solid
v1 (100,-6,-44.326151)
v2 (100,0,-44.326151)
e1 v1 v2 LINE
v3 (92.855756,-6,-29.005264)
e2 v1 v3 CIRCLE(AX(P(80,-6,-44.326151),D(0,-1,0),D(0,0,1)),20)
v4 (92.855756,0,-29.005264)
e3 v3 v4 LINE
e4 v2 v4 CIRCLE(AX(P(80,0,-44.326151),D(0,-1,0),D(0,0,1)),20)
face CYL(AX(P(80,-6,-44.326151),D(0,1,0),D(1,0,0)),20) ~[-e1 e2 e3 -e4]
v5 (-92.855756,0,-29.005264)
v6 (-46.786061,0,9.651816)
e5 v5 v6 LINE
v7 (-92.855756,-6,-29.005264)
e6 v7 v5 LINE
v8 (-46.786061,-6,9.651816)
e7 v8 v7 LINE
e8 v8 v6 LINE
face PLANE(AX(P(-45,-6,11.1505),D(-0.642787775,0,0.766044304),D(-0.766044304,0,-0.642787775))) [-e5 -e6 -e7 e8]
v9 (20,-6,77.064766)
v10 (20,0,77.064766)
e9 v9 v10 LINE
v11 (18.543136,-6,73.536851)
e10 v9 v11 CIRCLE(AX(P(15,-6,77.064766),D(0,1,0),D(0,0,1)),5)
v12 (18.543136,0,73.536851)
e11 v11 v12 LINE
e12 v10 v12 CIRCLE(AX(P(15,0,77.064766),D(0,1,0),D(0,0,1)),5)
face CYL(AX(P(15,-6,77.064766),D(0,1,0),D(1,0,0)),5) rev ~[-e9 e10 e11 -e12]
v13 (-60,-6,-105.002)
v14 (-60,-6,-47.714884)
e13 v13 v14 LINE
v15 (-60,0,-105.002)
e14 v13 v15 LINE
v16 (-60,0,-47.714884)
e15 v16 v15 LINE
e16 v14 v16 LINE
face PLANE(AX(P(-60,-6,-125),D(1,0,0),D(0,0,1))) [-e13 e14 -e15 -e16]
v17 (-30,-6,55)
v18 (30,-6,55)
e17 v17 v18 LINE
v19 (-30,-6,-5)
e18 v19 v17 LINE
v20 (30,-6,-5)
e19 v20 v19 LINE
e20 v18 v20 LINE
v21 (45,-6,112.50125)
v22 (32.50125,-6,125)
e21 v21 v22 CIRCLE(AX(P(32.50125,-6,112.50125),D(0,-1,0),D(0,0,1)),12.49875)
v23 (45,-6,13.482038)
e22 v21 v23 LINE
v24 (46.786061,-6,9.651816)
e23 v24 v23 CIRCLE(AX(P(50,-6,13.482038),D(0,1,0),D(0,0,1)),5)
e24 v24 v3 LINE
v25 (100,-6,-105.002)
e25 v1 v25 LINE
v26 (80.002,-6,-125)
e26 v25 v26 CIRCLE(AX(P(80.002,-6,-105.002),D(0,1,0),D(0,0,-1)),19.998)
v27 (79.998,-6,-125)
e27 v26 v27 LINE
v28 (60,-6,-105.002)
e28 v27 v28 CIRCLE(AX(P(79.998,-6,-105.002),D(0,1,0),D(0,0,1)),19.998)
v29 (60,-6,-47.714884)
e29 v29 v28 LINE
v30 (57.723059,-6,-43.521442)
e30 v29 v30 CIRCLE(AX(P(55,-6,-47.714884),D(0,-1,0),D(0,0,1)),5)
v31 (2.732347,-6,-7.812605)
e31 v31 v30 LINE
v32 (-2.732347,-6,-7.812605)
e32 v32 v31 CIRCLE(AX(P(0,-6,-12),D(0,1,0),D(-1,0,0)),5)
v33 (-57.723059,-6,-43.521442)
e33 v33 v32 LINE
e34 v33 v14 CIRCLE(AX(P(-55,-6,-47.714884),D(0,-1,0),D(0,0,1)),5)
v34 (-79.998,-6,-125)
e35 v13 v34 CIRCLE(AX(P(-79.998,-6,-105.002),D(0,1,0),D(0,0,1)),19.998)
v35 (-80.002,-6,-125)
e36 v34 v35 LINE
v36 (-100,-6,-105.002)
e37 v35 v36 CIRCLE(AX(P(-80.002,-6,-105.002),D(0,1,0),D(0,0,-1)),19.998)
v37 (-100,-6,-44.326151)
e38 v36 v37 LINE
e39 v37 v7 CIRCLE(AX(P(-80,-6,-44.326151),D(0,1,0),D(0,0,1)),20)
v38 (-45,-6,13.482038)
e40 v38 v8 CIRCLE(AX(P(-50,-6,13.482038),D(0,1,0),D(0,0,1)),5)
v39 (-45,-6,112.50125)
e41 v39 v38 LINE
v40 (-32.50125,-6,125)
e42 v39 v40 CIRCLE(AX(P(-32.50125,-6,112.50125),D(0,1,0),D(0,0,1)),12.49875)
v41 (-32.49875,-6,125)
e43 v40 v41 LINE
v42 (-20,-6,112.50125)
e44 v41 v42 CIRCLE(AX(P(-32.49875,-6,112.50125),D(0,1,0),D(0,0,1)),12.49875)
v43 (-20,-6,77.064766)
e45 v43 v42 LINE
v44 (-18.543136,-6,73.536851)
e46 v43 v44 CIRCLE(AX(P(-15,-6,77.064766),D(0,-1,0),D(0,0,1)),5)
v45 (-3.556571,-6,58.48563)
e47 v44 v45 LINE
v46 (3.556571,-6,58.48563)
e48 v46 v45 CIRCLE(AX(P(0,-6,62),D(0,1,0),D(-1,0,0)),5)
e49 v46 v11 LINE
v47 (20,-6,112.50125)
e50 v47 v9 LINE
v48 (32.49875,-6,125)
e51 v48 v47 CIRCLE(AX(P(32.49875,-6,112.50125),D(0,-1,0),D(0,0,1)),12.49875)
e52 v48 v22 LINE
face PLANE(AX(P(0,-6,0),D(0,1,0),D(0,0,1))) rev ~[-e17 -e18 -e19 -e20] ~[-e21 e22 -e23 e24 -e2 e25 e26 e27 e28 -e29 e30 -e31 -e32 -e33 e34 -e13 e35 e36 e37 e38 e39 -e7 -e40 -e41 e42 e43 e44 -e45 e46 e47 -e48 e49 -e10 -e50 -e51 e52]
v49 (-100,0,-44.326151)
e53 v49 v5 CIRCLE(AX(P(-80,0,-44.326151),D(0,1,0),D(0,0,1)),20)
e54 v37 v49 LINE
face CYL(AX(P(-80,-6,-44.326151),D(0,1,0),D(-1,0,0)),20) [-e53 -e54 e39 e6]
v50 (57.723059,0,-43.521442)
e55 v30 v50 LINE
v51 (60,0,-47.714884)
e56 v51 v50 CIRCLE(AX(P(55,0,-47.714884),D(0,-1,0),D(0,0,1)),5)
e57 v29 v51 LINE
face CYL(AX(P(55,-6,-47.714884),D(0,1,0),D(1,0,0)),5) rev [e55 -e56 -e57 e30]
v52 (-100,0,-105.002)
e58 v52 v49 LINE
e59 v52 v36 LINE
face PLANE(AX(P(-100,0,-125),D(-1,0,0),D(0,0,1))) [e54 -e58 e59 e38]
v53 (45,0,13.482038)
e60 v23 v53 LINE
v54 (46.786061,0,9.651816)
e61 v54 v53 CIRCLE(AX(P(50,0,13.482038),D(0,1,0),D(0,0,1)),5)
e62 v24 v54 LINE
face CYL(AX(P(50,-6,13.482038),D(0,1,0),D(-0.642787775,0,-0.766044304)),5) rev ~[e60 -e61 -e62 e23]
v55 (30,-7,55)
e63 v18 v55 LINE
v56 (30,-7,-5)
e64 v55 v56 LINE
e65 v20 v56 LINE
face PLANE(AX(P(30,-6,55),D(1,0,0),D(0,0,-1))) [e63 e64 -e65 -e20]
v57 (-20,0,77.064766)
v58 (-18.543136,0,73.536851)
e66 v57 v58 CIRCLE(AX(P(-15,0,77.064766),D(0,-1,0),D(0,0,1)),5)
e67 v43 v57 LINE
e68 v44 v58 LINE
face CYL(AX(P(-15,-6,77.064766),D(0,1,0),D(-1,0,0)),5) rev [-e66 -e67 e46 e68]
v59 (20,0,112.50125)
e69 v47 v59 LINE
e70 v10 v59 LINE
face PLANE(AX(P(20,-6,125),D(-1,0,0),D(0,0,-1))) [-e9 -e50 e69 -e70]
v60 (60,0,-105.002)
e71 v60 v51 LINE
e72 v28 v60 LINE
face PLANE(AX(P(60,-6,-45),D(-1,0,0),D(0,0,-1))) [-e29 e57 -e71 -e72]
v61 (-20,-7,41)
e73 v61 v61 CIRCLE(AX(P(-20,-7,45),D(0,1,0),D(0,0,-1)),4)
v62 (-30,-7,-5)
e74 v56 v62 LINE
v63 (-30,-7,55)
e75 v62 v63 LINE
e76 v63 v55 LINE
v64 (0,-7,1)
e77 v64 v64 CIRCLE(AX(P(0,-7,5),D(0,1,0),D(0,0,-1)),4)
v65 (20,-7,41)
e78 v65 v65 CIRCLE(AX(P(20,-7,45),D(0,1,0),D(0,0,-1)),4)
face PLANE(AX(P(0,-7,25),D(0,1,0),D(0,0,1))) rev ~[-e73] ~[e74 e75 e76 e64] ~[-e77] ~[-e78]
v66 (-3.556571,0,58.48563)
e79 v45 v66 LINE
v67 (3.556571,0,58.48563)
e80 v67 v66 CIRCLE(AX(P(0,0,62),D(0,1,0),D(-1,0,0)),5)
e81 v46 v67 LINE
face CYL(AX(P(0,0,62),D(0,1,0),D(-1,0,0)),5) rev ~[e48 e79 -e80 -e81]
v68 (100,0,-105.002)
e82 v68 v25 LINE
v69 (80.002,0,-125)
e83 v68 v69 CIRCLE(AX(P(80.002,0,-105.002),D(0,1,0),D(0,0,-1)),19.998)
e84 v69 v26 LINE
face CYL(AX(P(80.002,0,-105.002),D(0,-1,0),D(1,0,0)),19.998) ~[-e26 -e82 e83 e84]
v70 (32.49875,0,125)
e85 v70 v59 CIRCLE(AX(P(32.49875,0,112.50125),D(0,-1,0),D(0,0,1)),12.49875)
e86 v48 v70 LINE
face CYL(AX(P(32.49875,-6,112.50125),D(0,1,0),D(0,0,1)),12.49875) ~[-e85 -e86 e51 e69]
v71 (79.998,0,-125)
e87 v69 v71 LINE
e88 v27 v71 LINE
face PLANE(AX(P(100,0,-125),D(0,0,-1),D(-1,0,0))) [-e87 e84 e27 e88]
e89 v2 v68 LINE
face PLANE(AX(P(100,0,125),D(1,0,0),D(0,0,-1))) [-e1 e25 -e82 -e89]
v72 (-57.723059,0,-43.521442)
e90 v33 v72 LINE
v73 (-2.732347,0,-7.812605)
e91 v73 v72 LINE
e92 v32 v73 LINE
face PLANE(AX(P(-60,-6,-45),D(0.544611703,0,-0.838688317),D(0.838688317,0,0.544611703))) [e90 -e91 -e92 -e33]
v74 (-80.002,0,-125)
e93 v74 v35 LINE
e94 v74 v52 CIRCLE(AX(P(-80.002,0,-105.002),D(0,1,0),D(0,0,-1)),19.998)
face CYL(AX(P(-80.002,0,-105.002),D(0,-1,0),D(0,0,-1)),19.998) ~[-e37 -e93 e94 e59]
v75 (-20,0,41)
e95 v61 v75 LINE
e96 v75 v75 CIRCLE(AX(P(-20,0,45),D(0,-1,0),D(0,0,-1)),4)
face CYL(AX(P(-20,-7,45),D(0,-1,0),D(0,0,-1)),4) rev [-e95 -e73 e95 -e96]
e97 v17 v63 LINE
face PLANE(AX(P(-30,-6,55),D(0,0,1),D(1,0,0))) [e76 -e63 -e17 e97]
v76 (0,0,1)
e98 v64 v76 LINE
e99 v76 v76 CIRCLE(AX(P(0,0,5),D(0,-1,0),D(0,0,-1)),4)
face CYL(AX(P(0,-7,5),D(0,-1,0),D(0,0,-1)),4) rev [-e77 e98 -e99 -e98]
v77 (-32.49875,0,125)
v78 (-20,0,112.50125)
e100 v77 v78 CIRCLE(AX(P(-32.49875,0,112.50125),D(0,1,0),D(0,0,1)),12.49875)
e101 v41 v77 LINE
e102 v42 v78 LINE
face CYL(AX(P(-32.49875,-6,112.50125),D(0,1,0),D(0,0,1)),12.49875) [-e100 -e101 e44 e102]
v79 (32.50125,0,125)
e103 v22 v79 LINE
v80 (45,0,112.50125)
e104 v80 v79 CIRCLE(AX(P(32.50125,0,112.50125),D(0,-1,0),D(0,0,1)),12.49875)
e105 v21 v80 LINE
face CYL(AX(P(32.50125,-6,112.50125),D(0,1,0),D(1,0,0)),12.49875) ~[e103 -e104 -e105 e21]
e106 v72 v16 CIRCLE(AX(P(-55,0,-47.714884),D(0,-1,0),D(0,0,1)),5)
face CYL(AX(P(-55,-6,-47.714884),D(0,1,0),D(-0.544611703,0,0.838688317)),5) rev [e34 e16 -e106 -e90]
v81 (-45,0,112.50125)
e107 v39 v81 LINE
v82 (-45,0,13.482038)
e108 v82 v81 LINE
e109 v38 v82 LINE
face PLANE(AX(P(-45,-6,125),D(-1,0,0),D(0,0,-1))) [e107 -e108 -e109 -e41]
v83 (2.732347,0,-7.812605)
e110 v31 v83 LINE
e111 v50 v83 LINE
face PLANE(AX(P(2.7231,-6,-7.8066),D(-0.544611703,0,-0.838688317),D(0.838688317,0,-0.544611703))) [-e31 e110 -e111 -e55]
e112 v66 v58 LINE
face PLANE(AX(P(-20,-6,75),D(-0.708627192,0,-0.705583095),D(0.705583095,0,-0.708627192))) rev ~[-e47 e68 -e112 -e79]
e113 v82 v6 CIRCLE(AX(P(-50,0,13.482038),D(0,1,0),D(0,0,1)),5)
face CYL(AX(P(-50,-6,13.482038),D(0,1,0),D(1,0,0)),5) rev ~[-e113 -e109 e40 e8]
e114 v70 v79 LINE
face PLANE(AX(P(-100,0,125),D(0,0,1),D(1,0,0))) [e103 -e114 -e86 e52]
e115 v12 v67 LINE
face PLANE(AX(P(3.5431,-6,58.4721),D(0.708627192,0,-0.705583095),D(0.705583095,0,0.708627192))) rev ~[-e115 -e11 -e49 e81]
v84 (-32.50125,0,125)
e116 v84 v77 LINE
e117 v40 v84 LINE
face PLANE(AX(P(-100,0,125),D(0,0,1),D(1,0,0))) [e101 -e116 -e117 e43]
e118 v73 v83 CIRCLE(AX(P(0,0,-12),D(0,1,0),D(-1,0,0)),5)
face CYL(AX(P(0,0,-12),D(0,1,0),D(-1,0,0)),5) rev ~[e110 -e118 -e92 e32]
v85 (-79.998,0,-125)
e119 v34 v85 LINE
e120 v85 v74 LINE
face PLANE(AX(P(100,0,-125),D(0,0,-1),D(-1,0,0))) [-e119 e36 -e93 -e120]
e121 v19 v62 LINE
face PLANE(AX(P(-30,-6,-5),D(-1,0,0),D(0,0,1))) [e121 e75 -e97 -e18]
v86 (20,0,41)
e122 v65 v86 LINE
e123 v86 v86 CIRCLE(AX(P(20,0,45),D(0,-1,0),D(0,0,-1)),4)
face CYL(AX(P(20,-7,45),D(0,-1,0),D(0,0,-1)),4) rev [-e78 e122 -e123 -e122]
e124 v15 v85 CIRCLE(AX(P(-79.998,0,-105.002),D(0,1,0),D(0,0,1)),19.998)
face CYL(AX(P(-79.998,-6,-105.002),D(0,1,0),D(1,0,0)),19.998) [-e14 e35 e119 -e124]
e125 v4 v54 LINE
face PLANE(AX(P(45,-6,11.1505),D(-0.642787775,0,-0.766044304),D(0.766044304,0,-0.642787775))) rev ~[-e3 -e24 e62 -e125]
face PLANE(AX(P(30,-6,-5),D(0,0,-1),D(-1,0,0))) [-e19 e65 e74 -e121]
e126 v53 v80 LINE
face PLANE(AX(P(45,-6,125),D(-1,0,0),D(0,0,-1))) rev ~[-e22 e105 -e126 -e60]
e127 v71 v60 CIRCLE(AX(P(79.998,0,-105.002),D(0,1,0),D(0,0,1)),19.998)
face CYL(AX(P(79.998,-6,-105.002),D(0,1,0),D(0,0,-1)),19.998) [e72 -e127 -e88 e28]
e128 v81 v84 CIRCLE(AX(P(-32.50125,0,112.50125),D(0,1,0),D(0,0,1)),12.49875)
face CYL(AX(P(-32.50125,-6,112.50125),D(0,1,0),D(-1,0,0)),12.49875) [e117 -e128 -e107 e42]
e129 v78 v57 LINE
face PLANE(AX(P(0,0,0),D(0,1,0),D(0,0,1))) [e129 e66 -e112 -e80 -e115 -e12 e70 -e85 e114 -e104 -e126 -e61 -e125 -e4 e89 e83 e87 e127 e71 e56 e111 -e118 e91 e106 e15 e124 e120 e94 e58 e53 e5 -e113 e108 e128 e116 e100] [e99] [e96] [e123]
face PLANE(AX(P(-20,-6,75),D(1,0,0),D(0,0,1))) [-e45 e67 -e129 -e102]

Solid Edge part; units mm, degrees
sketch "Sketch1" plane through (0, 0, 0) normal (0, -1, 0) x (1, 0, 0)
  line L0 (-100, 125) -> (100, 125)
  line L1 (100, 125) -> (100, -125)
  line L2 (100, -125) -> (-100, -125)
  line L3 (-100, -125) -> (-100, 125)
  dimension "D1" = 250
  dimension "D2" = 200
extrude "Protrusion1" add sketch "Sketch1" along normal blind 6
sketch "Sketch2" plane through (0, -6, 0) normal (0, -1, 0) x (1, 0, 0)
  line L0 (-30, 55) -> (30, 55)
  line L1 (30, 55) -> (30, -5)
  line L2 (30, -5) -> (-30, -5)
  line L3 (-30, -5) -> (-30, 55)
  dimension "D1" = 60
  dimension "D2" = 60
  dimension "D3" = 70
extrude "Ausprägung_2" add sketch "Sketch2" along normal blind 1
sketch "Sketch3" plane through (0, -6, 0) normal (0, -1, 0) x (1, 0, 0)
  line L0 (-60, -45) -> (60, -45)
  line L1 (60, -45) -> (60, -125)
  line L2 (60, -125) -> (-60, -125)
  line L3 (-60, -125) -> (-60, -45)
  dimension "D1" = 40
  dimension "D2" = 80
extrude "Ausschnitt_1" cut sketch "Sketch3" against normal blind 66.675
sketch "Sketch4" plane through (0, -6, 0) normal (0, -1, 0) x (1, 0, 0)
  line L0 (-20, 125) -> (20, 125)
  line L1 (20, 125) -> (20, 75)
  line L2 (20, 75) -> (-20, 75)
  line L3 (-20, 75) -> (-20, 125)
  dimension "D1" = 50
  dimension "D2" = 40
extrude "Ausschnitt_2" cut sketch "Sketch4" against normal blind 63.5
sketch "Sketch5" plane through (0, -6, 0) normal (0, -1, 0) x (1, 0, 0)
  line L0 (-45, 125) -> (-45, 11.1505)
  line L1 (-45, 11.1505) -> (-100, -35)
  line L2 (-100, -35) -> (-100, 125)
  line L3 (-100, 125) -> (-45, 125)
  dimension "D1" = 25
  dimension "D2" = 160
extrude "Ausschnitt_3" cut sketch "Sketch5" against normal blind 66.675
sketch "Sketch6" plane through (0, -6, 0) normal (0, -1, 0) x (1, 0, 0)
  line L0 (45, 125) -> (45, 11.1505)
  line L1 (45, 11.1505) -> (100, -35)
  line L2 (100, -35) -> (100, 125)
  line L3 (100, 125) -> (45, 125)
  dimension "D1" = 25
  dimension "D2" = 160
extrude "Ausschnitt_4" cut sketch "Sketch6" against normal blind 117.475
sketch "Sketch7" plane through (0, 0, 0) normal (0, 1, 0) x (-1, 0, 0)
  circle A0 centre (0, -12) radius 5
  circle A1 centre (0, 62) radius 5
  dimension "D1" = 10
  dimension "D2" = 13
  dimension "D3" = 33
  dimension "D4" = 45
  dimension "D5" = 45
extrude "Ausschnitt_7" cut sketch "Sketch7" against normal blind 127
sketch "Sketch8" plane through (0, -6, 0) normal (0, -1, 0) x (1, 0, 0)
  line L0 (-20, 75) -> (-3.5431, 58.4721)
  line L1 (-3.5431, 58.4721) -> (3.5431, 58.4721)
  line L2 (3.5431, 58.4721) -> (20, 75)
  line L3 (20, 75) -> (-20, 75)
extrude "Ausschnitt_8" cut sketch "Sketch8" against normal blind 400.05
sketch "Sketch9" plane through (0, -6, 0) normal (0, -1, 0) x (1, 0, 0)
  line L0 (-60, -45) -> (-2.7231, -7.8066)
  line L1 (-2.7231, -7.8066) -> (2.7231, -7.8066)
  line L2 (2.7231, -7.8066) -> (60, -45)
  line L3 (60, -45) -> (-60, -45)
extrude "Ausschnitt_9" cut sketch "Sketch9" against normal blind 565.15
hole "Bohrung_4" at (20, -7, 45) direction (0, 1, 0) diameter 8 end up to next
hole "Hole1" at (0, -7, 5) direction (0, 1, 0) diameter 8 end up to next
hole "Hole2" at (-20, -7, 45) direction (0, 1, 0) diameter 8 end up to next
fillet "Verrundung_1" radius 5 6 edges at (-45, -3, 11.1505) (-20, -3, 75) (20, -3, 75) (45, -3, 11.1505) (60, -3, -45) (-60, -3, -45)
fillet "Verrundung_2" radius 12.5 4 edges at (-45, -3, 125) (-20, -3, 125) (20, -3, 125) (45, -3, 125)
fillet "Verrundung_3" radius 20 1 edges at (-100, -3, -35)
fillet "Verrundung_4" radius 20 1 edges at (100, -3, -35)
fillet "Verrundung_5" radius 20 4 edges at (-100, -3, -125) (-60, -3, -125) (60, -3, -125) (100, -3, -125)
properties material "Aluminium, 1060"
